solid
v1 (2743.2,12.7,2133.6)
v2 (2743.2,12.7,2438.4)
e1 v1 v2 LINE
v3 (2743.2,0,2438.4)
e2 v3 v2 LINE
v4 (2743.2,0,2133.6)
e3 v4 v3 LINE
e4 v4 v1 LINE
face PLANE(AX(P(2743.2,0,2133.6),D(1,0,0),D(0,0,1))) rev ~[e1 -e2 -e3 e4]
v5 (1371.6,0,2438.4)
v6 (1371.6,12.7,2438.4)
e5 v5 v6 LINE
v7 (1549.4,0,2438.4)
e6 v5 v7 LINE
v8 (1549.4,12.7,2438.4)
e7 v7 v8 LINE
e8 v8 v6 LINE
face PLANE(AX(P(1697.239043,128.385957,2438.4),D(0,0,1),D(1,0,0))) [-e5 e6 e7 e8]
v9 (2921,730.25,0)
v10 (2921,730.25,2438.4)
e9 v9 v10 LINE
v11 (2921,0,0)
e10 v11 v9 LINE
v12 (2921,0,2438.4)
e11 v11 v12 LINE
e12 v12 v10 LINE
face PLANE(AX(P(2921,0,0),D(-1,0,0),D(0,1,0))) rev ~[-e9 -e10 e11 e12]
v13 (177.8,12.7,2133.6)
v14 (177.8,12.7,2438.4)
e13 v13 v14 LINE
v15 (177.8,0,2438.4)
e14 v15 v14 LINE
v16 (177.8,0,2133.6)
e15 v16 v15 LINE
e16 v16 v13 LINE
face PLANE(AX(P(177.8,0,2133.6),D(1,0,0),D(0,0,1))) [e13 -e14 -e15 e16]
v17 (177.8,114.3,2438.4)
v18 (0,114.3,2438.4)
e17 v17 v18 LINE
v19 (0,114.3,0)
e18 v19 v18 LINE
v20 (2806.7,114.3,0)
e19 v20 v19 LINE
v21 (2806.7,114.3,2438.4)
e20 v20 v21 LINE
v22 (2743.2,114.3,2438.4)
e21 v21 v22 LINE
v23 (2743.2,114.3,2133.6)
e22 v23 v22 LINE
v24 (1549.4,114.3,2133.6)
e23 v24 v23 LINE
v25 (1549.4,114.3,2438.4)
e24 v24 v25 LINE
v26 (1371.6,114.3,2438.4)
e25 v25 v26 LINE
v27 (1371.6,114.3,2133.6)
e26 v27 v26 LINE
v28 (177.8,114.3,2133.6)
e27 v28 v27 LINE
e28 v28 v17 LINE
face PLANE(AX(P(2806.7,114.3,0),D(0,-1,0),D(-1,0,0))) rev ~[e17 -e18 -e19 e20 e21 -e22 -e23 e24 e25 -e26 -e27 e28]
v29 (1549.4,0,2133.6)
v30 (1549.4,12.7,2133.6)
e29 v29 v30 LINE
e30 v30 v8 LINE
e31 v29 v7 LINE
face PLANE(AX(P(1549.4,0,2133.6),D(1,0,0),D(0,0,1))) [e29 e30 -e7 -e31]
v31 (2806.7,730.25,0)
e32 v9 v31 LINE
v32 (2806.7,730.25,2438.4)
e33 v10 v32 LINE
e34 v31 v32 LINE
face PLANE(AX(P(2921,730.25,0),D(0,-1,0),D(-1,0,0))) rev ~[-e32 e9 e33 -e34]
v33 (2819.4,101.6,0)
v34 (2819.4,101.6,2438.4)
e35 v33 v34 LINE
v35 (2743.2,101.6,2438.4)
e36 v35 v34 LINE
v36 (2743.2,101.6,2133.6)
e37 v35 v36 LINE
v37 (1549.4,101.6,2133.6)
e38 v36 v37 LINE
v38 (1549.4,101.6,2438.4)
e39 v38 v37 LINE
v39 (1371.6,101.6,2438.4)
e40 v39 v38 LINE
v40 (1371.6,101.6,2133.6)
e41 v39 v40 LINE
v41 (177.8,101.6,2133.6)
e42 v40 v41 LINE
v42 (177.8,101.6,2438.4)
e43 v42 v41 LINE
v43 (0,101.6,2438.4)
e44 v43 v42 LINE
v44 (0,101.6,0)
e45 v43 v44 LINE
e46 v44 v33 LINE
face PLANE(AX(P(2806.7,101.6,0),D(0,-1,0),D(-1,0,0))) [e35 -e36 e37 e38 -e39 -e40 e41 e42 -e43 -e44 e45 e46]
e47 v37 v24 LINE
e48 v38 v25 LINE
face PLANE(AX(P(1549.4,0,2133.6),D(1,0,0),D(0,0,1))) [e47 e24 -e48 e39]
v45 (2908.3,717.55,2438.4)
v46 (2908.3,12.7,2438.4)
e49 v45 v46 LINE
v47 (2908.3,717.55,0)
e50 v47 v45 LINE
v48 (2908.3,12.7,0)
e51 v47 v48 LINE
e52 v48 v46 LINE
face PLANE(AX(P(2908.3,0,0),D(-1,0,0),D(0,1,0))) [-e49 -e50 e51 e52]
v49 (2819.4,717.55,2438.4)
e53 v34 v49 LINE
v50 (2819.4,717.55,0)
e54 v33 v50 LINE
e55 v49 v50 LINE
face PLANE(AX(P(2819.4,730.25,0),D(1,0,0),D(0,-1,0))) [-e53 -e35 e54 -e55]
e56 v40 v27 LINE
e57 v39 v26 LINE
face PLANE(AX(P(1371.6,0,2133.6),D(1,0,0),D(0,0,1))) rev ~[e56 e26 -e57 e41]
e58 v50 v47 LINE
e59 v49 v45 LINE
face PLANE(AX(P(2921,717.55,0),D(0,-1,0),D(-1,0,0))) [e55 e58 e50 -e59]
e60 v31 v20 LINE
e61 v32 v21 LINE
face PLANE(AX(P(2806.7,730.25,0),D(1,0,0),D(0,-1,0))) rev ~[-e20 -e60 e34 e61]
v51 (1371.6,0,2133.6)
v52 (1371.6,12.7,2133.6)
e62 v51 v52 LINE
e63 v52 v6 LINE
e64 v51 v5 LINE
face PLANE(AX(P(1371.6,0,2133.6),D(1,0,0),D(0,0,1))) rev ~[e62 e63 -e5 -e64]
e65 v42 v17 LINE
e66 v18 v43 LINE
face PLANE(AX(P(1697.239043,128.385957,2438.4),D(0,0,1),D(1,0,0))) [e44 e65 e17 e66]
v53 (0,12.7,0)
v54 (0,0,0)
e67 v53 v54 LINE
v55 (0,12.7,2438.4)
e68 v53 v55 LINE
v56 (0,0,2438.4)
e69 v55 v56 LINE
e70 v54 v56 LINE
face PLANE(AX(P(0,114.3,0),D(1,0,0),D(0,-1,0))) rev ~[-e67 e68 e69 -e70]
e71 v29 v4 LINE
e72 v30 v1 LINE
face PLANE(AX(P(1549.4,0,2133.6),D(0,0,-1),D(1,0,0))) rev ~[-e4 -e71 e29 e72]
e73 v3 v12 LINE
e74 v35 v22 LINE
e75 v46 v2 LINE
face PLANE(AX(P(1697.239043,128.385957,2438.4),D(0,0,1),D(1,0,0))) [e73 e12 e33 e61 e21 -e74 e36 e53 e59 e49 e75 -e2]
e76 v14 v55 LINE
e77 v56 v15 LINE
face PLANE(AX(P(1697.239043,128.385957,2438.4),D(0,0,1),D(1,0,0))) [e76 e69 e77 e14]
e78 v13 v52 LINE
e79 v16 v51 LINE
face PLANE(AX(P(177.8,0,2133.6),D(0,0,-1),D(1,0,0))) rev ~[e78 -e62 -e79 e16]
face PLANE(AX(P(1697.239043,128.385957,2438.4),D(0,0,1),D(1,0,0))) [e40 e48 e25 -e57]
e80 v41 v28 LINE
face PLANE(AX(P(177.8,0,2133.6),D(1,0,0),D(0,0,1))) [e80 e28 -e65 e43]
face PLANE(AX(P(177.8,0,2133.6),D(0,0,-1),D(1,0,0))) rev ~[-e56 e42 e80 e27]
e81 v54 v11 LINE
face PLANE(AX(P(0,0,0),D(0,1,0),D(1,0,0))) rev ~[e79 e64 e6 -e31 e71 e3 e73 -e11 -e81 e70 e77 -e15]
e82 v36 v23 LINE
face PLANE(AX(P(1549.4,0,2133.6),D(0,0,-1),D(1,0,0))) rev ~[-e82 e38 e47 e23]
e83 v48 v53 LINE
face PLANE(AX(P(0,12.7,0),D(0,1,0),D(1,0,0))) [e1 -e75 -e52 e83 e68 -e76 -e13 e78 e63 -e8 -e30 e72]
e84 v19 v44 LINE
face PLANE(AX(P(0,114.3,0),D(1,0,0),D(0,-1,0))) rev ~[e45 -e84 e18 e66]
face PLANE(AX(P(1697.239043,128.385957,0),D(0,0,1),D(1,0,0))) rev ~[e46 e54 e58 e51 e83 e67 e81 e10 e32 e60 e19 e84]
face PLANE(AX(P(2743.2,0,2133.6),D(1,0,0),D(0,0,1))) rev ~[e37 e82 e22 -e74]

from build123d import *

# Parameters (mm, degrees)
F1_DEPTH = 2438.4
F2_W     = 1193.8
F2_H     = 304.8
F3_DEPTH = 730.251
F5_T     = -12.7


with BuildPart() as f1:
    # F0 (on Top) → F1 (new body)
    with BuildSketch(Plane.XY):
        Polygon((0, 114.3), (0, 0), (2921, 0), (2921, 730.25), (2806.7, 730.25), (2806.7, 114.3), align=None)
    extrude(amount=F1_DEPTH)

    # F2 (on face) → F3 (cut, through all)
    with BuildSketch(Plane.XZ):
        with Locations((774.7, 2286)):
            Rectangle(F2_W, F2_H)
        with Locations((2146.3, 2286)):
            Rectangle(F2_W, F2_H)
    extrude(amount=-F3_DEPTH, mode=Mode.SUBTRACT)

    # F5
    f5_openings = [f1.faces().sort_by_distance(p)[0] for p in [
        (88.9, 57.15, 2438.4),
        (1460.5, 57.15, 2438.4),
        (2856.738, 340.487, 2438.4),
        (0, 57.15, 1219.2),
        (1403.35, 84.191021, 0),
        (177.8, 57.15, 2286),
        (774.7, 57.15, 2133.6),
        (1549.4, 57.15, 2286),
        (2146.3, 57.15, 2133.6),
        (1371.6, 57.15, 2286),
        (2743.2, 57.15, 2286),
    ]]
    offset(amount=F5_T, openings=f5_openings, kind=Kind.INTERSECTION)


solid = f1.part
